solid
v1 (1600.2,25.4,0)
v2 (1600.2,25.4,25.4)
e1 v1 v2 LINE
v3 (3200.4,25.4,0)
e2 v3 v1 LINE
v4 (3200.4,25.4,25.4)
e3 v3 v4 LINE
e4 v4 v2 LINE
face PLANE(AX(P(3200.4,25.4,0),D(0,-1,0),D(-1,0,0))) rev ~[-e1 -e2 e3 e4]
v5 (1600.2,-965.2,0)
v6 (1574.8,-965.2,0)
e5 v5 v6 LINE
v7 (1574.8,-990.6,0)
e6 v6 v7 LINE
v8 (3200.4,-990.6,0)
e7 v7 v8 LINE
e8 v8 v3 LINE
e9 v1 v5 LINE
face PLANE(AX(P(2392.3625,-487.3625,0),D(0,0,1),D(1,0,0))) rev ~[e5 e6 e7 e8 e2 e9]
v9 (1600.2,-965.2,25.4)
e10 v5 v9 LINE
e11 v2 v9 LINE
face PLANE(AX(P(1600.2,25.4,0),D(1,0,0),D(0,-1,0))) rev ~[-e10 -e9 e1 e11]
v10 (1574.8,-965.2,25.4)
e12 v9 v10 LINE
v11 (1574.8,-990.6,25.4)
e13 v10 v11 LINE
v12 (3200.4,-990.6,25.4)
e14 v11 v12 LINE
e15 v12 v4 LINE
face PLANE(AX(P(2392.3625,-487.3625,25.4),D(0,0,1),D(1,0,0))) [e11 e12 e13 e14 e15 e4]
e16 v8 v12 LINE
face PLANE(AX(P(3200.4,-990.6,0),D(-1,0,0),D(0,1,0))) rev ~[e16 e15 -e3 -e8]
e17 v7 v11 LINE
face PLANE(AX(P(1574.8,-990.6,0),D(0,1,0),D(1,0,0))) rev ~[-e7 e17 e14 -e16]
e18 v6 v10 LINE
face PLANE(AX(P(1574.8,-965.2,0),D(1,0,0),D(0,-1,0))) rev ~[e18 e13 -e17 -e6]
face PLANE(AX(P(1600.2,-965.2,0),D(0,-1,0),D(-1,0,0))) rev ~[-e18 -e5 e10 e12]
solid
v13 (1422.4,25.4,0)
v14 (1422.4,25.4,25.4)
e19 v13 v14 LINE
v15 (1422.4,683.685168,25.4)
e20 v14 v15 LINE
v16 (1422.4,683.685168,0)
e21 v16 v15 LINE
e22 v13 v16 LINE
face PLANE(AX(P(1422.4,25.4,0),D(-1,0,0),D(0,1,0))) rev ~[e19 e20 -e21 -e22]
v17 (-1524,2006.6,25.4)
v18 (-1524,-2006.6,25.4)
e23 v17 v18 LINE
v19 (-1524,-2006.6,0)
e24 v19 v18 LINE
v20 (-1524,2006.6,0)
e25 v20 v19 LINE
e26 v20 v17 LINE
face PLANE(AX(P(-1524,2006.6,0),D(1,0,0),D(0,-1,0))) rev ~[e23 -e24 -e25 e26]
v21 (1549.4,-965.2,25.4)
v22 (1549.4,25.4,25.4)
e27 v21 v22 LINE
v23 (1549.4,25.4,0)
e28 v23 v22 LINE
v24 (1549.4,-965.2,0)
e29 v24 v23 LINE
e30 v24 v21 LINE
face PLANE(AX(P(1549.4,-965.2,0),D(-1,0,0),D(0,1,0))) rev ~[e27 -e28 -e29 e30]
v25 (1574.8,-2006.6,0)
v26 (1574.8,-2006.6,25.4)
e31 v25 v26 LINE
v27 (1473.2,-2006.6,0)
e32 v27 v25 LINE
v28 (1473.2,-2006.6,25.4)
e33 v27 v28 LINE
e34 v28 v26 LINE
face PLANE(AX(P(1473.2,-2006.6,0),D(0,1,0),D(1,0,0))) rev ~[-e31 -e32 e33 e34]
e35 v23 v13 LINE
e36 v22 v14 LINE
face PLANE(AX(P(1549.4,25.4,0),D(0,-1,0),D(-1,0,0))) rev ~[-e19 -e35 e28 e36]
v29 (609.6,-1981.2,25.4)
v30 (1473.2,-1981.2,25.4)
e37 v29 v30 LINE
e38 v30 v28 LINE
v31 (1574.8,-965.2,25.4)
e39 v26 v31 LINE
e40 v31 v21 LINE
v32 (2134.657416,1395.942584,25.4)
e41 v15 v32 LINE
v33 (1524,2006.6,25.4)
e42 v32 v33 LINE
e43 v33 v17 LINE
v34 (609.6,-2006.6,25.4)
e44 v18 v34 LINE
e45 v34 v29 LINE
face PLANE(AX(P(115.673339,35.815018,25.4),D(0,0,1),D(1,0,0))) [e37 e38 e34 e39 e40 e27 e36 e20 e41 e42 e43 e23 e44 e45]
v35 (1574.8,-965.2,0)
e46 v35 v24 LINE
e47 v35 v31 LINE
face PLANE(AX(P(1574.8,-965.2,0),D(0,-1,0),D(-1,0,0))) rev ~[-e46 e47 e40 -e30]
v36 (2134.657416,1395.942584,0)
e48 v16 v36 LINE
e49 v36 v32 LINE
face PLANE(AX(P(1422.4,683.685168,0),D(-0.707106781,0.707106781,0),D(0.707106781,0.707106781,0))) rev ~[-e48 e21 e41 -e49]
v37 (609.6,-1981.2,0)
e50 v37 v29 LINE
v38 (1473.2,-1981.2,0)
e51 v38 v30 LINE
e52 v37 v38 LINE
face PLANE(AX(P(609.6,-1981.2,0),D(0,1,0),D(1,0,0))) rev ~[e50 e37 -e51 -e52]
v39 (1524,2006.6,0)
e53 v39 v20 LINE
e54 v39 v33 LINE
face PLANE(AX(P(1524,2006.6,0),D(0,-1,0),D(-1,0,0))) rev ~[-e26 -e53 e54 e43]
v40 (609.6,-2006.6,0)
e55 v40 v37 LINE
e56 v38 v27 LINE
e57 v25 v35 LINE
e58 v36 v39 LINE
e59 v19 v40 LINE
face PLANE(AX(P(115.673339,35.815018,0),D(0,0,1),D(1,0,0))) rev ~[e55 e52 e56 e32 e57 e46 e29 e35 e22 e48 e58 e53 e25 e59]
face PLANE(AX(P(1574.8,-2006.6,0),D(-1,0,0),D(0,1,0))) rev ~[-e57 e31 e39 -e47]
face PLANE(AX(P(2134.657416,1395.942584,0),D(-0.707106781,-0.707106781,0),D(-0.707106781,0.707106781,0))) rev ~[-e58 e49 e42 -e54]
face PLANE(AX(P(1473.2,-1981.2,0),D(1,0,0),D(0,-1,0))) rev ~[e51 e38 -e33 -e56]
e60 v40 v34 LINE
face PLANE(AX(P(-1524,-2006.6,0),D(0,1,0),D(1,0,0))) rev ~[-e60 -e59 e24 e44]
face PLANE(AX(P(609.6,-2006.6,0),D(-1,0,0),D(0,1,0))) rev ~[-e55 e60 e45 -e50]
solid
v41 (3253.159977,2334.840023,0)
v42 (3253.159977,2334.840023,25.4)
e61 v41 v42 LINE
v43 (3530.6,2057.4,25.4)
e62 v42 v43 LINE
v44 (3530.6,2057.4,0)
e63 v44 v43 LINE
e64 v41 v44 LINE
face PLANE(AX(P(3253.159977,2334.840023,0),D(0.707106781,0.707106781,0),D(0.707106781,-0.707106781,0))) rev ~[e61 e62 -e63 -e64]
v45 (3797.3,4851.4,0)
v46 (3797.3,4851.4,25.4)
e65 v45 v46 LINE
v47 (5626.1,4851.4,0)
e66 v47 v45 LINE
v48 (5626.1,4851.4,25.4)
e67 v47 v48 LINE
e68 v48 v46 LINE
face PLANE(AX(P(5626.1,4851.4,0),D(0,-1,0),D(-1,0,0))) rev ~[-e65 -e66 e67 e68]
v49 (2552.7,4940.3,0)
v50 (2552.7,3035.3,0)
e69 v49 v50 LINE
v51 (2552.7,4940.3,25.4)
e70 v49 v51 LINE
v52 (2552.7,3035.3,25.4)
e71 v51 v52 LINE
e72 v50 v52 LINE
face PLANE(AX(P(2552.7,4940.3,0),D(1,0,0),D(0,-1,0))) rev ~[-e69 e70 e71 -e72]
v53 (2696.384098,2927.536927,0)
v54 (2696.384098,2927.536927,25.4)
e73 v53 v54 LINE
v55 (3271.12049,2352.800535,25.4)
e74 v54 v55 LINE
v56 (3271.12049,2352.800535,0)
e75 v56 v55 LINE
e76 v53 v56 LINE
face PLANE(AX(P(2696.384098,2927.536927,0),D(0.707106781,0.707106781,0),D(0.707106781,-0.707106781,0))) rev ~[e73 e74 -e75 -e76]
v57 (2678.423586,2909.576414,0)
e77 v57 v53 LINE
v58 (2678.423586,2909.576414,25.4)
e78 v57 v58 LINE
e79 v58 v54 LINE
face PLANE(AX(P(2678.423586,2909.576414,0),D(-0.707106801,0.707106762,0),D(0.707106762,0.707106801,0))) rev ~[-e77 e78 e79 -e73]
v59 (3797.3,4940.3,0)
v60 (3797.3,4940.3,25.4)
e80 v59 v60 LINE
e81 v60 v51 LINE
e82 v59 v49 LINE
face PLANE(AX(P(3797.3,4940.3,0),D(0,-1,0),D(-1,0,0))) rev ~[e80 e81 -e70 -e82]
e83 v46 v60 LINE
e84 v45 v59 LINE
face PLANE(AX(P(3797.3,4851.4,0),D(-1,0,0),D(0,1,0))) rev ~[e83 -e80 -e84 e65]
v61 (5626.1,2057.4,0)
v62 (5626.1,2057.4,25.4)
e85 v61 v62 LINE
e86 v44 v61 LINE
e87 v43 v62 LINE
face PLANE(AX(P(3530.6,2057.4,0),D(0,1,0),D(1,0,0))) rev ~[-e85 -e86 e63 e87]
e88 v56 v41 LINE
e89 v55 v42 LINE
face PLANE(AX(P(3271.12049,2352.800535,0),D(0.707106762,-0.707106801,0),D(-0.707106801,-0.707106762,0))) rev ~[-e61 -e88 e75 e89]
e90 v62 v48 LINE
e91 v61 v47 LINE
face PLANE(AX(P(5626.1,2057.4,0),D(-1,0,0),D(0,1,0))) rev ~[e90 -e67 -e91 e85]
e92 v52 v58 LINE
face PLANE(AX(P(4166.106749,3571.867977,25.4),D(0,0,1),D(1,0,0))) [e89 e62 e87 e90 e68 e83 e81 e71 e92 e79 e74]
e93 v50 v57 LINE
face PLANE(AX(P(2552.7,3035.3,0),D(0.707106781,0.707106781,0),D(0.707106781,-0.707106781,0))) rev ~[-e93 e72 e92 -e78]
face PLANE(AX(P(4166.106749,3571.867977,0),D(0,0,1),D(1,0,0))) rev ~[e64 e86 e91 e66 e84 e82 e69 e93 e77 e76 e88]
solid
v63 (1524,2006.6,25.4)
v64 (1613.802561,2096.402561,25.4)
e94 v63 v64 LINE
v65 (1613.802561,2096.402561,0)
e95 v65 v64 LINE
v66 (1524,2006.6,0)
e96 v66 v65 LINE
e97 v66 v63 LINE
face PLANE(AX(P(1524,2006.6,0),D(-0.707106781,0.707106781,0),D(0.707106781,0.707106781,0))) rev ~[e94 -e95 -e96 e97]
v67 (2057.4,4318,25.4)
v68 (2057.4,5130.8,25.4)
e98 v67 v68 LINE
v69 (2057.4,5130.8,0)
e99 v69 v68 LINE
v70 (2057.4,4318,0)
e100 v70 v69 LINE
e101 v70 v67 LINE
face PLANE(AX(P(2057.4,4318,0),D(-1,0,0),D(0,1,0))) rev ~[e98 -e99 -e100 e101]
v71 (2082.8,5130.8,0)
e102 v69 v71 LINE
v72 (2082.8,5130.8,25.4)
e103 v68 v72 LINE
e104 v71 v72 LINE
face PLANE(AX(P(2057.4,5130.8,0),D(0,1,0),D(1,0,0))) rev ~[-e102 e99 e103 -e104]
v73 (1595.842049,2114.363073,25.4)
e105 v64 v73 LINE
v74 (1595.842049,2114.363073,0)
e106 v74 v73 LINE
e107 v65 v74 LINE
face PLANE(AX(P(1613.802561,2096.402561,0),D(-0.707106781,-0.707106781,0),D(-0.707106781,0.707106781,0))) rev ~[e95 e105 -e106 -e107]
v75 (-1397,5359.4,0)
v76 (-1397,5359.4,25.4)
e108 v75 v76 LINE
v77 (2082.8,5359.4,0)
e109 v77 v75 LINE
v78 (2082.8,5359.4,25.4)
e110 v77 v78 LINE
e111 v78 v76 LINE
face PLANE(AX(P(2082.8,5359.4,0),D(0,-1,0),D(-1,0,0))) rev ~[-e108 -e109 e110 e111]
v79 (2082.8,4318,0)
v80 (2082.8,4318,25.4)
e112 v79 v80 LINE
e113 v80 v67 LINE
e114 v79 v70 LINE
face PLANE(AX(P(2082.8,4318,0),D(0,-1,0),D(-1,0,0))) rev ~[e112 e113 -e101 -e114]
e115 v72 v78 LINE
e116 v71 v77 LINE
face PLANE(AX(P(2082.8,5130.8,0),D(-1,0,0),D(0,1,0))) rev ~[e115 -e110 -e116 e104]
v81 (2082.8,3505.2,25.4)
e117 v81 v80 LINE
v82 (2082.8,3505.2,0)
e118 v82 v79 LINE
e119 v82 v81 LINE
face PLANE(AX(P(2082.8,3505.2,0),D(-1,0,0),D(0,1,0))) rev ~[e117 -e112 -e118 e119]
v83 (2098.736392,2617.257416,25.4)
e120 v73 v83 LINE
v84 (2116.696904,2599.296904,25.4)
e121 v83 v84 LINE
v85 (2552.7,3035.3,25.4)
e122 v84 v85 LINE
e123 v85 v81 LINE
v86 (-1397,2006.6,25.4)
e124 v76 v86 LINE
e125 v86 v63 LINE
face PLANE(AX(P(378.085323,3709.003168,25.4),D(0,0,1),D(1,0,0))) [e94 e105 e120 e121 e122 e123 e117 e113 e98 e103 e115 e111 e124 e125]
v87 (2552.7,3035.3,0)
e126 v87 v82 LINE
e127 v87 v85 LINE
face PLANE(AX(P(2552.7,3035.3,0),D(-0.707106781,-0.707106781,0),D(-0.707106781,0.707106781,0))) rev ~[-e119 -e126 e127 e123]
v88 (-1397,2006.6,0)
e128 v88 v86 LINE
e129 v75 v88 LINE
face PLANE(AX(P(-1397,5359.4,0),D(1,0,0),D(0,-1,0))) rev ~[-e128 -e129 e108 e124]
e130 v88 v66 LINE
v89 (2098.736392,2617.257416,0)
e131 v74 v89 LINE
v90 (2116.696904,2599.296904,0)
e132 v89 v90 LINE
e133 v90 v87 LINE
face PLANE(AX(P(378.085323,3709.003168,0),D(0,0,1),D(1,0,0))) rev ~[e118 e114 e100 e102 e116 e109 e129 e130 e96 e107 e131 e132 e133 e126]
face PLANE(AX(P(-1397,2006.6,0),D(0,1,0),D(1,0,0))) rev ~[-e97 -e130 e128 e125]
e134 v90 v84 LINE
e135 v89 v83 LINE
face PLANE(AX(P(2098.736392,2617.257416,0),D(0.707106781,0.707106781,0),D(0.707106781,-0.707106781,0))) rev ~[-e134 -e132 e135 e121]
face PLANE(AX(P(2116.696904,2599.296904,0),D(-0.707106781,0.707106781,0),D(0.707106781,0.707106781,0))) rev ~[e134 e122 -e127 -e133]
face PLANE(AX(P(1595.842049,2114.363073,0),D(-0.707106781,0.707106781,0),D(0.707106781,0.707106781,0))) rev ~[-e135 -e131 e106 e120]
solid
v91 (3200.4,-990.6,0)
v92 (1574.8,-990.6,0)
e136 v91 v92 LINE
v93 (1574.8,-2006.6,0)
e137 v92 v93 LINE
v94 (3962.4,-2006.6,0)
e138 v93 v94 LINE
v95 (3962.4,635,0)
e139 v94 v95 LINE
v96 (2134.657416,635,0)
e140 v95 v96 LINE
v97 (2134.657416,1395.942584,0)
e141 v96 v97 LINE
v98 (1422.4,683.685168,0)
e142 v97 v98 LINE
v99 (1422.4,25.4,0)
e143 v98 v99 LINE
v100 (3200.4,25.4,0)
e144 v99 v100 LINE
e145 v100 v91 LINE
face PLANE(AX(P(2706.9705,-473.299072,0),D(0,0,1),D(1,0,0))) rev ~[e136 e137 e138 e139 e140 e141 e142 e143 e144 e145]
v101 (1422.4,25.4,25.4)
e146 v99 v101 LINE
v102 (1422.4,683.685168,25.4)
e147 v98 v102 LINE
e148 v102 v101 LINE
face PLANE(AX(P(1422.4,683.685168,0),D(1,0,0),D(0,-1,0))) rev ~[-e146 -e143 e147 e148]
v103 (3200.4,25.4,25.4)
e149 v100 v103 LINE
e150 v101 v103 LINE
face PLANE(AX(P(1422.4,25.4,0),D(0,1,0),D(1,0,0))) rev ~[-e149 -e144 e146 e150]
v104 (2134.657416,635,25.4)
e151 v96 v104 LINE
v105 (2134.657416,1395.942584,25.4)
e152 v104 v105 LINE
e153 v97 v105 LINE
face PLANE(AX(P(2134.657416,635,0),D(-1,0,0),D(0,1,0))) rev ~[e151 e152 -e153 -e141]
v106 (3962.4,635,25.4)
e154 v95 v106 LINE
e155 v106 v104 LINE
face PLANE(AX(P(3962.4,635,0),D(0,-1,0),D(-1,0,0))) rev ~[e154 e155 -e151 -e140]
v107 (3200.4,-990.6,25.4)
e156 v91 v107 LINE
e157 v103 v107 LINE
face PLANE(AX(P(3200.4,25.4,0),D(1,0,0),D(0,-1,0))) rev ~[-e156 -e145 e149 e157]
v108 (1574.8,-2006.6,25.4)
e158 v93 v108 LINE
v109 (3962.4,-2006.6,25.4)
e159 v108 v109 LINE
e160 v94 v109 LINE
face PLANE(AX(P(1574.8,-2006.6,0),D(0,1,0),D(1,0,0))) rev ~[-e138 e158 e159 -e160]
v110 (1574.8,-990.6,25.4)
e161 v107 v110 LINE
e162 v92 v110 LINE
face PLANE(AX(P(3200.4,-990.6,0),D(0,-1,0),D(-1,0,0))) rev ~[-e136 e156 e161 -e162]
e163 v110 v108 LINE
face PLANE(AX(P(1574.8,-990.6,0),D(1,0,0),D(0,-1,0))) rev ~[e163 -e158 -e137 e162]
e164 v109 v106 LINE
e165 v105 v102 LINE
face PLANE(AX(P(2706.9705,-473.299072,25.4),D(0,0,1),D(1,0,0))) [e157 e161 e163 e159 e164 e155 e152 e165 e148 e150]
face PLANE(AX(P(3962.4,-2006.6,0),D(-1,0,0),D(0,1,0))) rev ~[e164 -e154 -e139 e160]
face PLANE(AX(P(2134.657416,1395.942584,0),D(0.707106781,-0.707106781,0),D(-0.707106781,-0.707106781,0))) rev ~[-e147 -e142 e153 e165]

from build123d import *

# Parameters (mm, degrees)
F1_DEPTH = 25.4
F2_DEPTH = 25.4
F3_DEPTH = 25.4
F4_DEPTH = 25.4
F5_DEPTH = 25.4


with BuildPart() as f1:
    # F0 (on Top) → F1 (new body)
    with BuildSketch(Plane.XY):
        Polygon((-1397, 2006.6), (-1524, 2006.6), (-1524, -2006.6), (609.6, -2006.6), (609.6, -1981.2), (1473.2, -1981.2), (1473.2, -2006.6), (1574.8, -2006.6), (1574.8, -990.6), (1574.8, -965.2), (1549.4, -965.2), (1549.4, 25.4), (1422.4, 25.4), (1422.4, 683.685168), (2134.657416, 1395.942584), (1524, 2006.6), align=None)
    extrude(amount=F1_DEPTH)


with BuildPart() as f2:
    # F0 (on Top) → F2 (new body)
    with BuildSketch(Plane.XY):
        Polygon((1574.8, -965.2), (1574.8, -990.6), (2692.4, -990.6), (3200.4, -990.6), (3200.4, 25.4), (1600.2, 25.4), (1600.2, -965.2), align=None)
    extrude(amount=F2_DEPTH)


with BuildPart() as f3:
    # F0 (on Top) → F3 (new body)
    with BuildSketch(Plane.XY):
        Polygon((2134.657416, 635), (2134.657416, 1395.942584), (1422.4, 683.685168), (1422.4, 25.4), (1549.4, 25.4), (1600.2, 25.4), (3200.4, 25.4), (3200.4, -990.6), (2692.4, -990.6), (1574.8, -990.6), (1574.8, -2006.6), (2692.4, -2006.6), (3962.4, -2006.6), (3962.4, 635), align=None)
    extrude(amount=F3_DEPTH)


with BuildPart() as f4:
    # F0 (on Top) → F4 (new body)
    with BuildSketch(Plane.XY):
        Polygon((-1397, 5359.4), (-1397, 2006.6), (1524, 2006.6), (1613.802561, 2096.402561), (1595.842049, 2114.363073), (2098.736392, 2617.257416), (2116.696904, 2599.296904), (2552.7, 3035.3), (2082.8, 3505.2), (2082.8, 4318), (2057.4, 4318), (2057.4, 5130.8), (2082.8, 5130.8), (2082.8, 5359.4), align=None)
    extrude(amount=F4_DEPTH)


with BuildPart() as f5:
    # F0 (on Top) → F5 (new body)
    with BuildSketch(Plane.XY):
        Polygon((3797.3, 4940.3), (2552.7, 4940.3), (2552.7, 3035.3), (2678.423586, 2909.576414), (2696.384098, 2927.536927), (3271.12049, 2352.800535), (3253.159977, 2334.840023), (3530.6, 2057.4), (5626.1, 2057.4), (5626.1, 4851.4), (3797.3, 4851.4), align=None)
    extrude(amount=F5_DEPTH)


solid = Compound([f1.part, f2.part, f3.part, f4.part, f5.part])
